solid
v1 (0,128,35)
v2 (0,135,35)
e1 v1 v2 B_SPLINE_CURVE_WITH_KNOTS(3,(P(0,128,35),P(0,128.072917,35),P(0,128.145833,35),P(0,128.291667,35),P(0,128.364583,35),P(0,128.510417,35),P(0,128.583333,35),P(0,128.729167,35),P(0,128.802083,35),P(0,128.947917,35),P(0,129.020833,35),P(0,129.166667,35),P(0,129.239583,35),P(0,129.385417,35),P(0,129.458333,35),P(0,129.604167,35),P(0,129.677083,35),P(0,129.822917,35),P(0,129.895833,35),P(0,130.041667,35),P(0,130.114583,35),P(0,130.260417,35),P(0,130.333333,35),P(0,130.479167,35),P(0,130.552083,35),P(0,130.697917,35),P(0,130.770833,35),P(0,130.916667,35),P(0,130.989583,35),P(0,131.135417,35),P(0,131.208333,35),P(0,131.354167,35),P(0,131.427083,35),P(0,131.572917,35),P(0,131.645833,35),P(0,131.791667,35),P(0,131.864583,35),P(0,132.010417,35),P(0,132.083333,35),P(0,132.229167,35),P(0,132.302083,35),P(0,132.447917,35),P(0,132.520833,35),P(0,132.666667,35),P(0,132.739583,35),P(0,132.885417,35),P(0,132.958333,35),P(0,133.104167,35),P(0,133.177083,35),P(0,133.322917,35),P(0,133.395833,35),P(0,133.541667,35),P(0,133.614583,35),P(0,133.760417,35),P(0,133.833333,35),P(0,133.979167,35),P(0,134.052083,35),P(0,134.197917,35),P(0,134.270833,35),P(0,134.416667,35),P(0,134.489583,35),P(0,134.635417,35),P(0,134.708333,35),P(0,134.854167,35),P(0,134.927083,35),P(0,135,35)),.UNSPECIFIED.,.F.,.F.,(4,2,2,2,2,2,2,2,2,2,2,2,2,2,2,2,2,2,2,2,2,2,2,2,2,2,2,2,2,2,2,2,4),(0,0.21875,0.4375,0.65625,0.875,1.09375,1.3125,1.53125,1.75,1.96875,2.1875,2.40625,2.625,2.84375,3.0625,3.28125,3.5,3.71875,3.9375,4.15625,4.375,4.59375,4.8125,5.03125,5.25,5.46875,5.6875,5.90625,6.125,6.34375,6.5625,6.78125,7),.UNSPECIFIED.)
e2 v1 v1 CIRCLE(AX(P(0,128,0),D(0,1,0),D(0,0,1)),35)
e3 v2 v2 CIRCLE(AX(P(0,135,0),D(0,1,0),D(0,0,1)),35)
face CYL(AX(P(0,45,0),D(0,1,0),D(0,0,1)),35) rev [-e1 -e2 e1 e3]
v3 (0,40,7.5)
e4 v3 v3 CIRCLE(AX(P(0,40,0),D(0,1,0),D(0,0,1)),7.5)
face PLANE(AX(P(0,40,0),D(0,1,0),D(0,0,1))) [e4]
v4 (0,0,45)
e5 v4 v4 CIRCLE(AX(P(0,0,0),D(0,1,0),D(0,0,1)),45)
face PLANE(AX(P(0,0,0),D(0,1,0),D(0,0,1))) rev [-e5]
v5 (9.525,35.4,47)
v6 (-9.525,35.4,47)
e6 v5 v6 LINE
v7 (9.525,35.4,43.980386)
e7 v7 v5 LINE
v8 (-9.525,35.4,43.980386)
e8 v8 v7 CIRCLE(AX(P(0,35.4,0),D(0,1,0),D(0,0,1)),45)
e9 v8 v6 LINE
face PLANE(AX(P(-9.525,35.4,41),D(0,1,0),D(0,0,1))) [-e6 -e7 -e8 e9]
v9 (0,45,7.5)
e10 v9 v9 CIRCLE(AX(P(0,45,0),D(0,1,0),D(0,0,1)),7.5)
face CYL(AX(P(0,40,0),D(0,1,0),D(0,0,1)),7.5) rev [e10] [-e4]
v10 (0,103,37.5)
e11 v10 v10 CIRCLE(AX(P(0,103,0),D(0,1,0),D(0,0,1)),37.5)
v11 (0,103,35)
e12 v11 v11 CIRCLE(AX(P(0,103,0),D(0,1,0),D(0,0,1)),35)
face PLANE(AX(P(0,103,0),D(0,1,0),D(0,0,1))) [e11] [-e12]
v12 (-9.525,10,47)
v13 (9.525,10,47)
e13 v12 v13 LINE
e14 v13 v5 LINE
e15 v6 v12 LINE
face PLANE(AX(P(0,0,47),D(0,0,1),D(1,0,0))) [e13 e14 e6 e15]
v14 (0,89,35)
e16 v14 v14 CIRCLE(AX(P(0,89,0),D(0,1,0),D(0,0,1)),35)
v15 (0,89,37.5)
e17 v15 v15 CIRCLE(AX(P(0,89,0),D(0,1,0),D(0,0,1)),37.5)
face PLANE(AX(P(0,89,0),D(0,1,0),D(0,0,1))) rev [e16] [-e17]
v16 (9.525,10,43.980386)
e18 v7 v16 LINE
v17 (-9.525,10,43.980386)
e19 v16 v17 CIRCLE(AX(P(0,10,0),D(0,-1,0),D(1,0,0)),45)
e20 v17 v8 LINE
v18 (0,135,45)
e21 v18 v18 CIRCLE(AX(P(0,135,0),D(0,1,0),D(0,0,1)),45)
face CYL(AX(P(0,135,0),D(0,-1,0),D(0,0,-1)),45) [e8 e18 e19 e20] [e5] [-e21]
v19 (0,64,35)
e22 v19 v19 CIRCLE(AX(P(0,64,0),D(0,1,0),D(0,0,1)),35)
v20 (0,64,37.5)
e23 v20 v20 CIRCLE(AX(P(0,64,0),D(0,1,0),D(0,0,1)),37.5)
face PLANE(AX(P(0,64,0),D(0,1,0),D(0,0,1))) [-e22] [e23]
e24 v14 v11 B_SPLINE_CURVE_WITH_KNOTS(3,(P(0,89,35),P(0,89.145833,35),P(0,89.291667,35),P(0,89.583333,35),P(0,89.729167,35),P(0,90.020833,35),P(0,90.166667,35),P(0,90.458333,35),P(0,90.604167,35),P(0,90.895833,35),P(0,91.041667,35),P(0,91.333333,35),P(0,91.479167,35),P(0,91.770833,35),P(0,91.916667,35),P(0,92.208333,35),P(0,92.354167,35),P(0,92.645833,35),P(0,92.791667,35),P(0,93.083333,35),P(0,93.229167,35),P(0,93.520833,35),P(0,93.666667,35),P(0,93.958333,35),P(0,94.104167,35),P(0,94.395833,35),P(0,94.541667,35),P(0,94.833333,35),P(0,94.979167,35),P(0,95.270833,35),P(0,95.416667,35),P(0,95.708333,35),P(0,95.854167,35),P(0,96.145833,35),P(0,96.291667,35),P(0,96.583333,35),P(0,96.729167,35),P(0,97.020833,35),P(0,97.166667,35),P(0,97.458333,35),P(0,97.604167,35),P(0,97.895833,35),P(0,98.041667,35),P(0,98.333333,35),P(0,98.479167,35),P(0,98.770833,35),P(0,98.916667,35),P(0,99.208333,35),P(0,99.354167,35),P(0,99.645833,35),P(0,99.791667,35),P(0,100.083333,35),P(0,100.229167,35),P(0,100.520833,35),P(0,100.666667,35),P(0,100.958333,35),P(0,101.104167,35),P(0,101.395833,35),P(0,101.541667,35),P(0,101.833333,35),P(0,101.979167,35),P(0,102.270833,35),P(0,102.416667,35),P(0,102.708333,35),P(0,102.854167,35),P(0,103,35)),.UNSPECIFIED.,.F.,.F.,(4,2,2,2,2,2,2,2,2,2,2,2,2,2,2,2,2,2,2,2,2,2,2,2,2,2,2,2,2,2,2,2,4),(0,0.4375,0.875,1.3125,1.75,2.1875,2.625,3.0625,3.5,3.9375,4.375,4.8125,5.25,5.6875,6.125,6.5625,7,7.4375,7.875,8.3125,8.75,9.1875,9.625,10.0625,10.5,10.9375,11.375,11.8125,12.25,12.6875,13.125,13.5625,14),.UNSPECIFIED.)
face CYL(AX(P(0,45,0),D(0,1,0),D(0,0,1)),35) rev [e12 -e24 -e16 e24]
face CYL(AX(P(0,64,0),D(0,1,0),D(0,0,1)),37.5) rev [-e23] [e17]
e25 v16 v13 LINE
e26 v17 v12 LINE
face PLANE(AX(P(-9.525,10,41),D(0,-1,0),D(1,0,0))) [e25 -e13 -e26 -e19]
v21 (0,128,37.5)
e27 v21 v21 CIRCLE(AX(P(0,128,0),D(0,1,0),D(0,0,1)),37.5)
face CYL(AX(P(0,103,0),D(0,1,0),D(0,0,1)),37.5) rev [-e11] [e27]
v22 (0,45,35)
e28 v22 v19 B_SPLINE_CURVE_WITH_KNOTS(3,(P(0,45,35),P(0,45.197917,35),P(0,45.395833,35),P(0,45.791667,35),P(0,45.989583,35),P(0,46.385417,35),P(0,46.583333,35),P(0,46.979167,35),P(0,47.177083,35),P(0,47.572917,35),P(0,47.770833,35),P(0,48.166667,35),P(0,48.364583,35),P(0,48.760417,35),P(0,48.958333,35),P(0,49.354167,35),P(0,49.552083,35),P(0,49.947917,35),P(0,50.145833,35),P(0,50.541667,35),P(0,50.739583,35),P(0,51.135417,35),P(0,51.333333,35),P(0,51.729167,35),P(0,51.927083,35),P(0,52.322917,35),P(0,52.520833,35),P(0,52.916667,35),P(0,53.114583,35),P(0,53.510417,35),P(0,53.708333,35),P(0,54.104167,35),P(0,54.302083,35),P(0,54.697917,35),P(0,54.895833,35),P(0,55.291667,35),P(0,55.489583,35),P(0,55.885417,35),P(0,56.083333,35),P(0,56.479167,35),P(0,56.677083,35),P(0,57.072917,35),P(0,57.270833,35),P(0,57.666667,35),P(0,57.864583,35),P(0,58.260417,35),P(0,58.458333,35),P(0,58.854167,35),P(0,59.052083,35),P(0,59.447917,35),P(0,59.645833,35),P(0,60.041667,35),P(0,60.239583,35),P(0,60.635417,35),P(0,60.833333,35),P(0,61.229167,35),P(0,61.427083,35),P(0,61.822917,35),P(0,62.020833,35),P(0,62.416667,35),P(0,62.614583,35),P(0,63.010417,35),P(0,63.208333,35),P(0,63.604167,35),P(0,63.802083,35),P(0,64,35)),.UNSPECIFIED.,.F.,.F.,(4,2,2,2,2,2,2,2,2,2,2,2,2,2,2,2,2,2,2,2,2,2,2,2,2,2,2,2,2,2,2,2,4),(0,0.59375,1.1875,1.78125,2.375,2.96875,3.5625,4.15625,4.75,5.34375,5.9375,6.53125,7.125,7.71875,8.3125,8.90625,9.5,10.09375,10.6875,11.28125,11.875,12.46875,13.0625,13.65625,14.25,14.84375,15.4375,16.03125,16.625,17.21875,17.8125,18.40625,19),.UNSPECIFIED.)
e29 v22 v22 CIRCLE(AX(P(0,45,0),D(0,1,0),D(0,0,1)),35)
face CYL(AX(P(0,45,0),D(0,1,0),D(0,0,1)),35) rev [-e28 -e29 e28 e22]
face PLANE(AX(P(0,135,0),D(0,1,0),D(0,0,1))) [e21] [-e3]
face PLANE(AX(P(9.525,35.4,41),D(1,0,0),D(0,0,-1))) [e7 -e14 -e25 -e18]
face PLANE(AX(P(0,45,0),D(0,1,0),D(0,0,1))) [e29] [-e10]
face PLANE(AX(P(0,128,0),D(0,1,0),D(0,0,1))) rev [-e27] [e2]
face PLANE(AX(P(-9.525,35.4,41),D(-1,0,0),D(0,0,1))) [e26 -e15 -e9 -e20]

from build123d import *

# Parameters (mm, degrees)
SKETCH1_R                = 45
BOSS_EXTRUDE1_DEPTH      = 135
SKETCH2_R                = 35
CUT_EXTRUDE1_DEPTH       = 90
SKETCH3_R                = 37.5
SKETCH3_R_2              = 35
CUT_EXTRUDE2_DEPTH       = 25
SKETCH4_R                = 37.5
SKETCH4_R_2              = 35
CUT_EXTRUDE3_DEPTH       = 25
SKETCH5_R                = 7.5
CUT_EXTRUDE4_DEPTH       = 5
BOSS_EXTRUDE2_DEPTH      = 2
BOSS_EXTRUDE2_DEPTH_BACK = 4
SKETCH6_W                = 19.05
SKETCH6_H                = 25.4


with BuildPart() as part:
    # Sketch1 → Boss-Extrude1 (new body)
    with BuildSketch(Plane(origin=(0, 0, 0), x_dir=(1, 0, 0), z_dir=(0, 1, 0))):
        with Locations(Location((0, 0, 0), (0, 0, 270))):
            Circle(SKETCH1_R)
    extrude(amount=BOSS_EXTRUDE1_DEPTH)

    # Sketch2 → Cut-Extrude1 (cut)
    with BuildSketch(Plane(origin=(0, 135, 0), x_dir=(1, 0, 0), z_dir=(0, 1, 0))):
        with Locations(Location((0, 0, 0), (0, 0, 270))):
            Circle(SKETCH2_R)
    extrude(amount=-CUT_EXTRUDE1_DEPTH, mode=Mode.SUBTRACT)

    # Sketch3 → Cut-Extrude2 (cut)
    with BuildSketch(Plane(origin=(0, 128, 0), x_dir=(1, 0, 0), z_dir=(0, 1, 0))):
        with Locations(Location((0, 0, 0), (0, 0, 270))):
            Circle(SKETCH3_R)
        with Locations(Location((0, 0, 0), (0, 0, 270))):
            Circle(SKETCH3_R_2, mode=Mode.SUBTRACT)
    extrude(amount=-CUT_EXTRUDE2_DEPTH, mode=Mode.SUBTRACT)

    # Sketch4 → Cut-Extrude3 (cut)
    with BuildSketch(Plane(origin=(0, 89, 0), x_dir=(1, 0, 0), z_dir=(0, 1, 0))):
        with Locations(Location((0, 0, 0), (0, 0, 270))):
            Circle(SKETCH4_R)
        with Locations(Location((0, 0, 0), (0, 0, 270))):
            Circle(SKETCH4_R_2, mode=Mode.SUBTRACT)
    extrude(amount=-CUT_EXTRUDE3_DEPTH, mode=Mode.SUBTRACT)

    # Sketch5 → Cut-Extrude4 (cut)
    with BuildSketch(Plane(origin=(0, 45, 0), x_dir=(1, 0, 0), z_dir=(0, 1, 0))):
        with Locations(Location((0, 0, 0), (0, 0, 270))):
            Circle(SKETCH5_R)
    extrude(amount=-CUT_EXTRUDE4_DEPTH, mode=Mode.SUBTRACT)

    # Sketch6 → Boss-Extrude2 (add, two sides: drawn at the far end of the back side and taken through both)
    with BuildSketch(Plane.XY.offset(45).offset(-BOSS_EXTRUDE2_DEPTH_BACK)):
        with Locations((0, 22.7)):
            Rectangle(SKETCH6_W, SKETCH6_H)
    extrude(amount=BOSS_EXTRUDE2_DEPTH + BOSS_EXTRUDE2_DEPTH_BACK)


solid = part.part
